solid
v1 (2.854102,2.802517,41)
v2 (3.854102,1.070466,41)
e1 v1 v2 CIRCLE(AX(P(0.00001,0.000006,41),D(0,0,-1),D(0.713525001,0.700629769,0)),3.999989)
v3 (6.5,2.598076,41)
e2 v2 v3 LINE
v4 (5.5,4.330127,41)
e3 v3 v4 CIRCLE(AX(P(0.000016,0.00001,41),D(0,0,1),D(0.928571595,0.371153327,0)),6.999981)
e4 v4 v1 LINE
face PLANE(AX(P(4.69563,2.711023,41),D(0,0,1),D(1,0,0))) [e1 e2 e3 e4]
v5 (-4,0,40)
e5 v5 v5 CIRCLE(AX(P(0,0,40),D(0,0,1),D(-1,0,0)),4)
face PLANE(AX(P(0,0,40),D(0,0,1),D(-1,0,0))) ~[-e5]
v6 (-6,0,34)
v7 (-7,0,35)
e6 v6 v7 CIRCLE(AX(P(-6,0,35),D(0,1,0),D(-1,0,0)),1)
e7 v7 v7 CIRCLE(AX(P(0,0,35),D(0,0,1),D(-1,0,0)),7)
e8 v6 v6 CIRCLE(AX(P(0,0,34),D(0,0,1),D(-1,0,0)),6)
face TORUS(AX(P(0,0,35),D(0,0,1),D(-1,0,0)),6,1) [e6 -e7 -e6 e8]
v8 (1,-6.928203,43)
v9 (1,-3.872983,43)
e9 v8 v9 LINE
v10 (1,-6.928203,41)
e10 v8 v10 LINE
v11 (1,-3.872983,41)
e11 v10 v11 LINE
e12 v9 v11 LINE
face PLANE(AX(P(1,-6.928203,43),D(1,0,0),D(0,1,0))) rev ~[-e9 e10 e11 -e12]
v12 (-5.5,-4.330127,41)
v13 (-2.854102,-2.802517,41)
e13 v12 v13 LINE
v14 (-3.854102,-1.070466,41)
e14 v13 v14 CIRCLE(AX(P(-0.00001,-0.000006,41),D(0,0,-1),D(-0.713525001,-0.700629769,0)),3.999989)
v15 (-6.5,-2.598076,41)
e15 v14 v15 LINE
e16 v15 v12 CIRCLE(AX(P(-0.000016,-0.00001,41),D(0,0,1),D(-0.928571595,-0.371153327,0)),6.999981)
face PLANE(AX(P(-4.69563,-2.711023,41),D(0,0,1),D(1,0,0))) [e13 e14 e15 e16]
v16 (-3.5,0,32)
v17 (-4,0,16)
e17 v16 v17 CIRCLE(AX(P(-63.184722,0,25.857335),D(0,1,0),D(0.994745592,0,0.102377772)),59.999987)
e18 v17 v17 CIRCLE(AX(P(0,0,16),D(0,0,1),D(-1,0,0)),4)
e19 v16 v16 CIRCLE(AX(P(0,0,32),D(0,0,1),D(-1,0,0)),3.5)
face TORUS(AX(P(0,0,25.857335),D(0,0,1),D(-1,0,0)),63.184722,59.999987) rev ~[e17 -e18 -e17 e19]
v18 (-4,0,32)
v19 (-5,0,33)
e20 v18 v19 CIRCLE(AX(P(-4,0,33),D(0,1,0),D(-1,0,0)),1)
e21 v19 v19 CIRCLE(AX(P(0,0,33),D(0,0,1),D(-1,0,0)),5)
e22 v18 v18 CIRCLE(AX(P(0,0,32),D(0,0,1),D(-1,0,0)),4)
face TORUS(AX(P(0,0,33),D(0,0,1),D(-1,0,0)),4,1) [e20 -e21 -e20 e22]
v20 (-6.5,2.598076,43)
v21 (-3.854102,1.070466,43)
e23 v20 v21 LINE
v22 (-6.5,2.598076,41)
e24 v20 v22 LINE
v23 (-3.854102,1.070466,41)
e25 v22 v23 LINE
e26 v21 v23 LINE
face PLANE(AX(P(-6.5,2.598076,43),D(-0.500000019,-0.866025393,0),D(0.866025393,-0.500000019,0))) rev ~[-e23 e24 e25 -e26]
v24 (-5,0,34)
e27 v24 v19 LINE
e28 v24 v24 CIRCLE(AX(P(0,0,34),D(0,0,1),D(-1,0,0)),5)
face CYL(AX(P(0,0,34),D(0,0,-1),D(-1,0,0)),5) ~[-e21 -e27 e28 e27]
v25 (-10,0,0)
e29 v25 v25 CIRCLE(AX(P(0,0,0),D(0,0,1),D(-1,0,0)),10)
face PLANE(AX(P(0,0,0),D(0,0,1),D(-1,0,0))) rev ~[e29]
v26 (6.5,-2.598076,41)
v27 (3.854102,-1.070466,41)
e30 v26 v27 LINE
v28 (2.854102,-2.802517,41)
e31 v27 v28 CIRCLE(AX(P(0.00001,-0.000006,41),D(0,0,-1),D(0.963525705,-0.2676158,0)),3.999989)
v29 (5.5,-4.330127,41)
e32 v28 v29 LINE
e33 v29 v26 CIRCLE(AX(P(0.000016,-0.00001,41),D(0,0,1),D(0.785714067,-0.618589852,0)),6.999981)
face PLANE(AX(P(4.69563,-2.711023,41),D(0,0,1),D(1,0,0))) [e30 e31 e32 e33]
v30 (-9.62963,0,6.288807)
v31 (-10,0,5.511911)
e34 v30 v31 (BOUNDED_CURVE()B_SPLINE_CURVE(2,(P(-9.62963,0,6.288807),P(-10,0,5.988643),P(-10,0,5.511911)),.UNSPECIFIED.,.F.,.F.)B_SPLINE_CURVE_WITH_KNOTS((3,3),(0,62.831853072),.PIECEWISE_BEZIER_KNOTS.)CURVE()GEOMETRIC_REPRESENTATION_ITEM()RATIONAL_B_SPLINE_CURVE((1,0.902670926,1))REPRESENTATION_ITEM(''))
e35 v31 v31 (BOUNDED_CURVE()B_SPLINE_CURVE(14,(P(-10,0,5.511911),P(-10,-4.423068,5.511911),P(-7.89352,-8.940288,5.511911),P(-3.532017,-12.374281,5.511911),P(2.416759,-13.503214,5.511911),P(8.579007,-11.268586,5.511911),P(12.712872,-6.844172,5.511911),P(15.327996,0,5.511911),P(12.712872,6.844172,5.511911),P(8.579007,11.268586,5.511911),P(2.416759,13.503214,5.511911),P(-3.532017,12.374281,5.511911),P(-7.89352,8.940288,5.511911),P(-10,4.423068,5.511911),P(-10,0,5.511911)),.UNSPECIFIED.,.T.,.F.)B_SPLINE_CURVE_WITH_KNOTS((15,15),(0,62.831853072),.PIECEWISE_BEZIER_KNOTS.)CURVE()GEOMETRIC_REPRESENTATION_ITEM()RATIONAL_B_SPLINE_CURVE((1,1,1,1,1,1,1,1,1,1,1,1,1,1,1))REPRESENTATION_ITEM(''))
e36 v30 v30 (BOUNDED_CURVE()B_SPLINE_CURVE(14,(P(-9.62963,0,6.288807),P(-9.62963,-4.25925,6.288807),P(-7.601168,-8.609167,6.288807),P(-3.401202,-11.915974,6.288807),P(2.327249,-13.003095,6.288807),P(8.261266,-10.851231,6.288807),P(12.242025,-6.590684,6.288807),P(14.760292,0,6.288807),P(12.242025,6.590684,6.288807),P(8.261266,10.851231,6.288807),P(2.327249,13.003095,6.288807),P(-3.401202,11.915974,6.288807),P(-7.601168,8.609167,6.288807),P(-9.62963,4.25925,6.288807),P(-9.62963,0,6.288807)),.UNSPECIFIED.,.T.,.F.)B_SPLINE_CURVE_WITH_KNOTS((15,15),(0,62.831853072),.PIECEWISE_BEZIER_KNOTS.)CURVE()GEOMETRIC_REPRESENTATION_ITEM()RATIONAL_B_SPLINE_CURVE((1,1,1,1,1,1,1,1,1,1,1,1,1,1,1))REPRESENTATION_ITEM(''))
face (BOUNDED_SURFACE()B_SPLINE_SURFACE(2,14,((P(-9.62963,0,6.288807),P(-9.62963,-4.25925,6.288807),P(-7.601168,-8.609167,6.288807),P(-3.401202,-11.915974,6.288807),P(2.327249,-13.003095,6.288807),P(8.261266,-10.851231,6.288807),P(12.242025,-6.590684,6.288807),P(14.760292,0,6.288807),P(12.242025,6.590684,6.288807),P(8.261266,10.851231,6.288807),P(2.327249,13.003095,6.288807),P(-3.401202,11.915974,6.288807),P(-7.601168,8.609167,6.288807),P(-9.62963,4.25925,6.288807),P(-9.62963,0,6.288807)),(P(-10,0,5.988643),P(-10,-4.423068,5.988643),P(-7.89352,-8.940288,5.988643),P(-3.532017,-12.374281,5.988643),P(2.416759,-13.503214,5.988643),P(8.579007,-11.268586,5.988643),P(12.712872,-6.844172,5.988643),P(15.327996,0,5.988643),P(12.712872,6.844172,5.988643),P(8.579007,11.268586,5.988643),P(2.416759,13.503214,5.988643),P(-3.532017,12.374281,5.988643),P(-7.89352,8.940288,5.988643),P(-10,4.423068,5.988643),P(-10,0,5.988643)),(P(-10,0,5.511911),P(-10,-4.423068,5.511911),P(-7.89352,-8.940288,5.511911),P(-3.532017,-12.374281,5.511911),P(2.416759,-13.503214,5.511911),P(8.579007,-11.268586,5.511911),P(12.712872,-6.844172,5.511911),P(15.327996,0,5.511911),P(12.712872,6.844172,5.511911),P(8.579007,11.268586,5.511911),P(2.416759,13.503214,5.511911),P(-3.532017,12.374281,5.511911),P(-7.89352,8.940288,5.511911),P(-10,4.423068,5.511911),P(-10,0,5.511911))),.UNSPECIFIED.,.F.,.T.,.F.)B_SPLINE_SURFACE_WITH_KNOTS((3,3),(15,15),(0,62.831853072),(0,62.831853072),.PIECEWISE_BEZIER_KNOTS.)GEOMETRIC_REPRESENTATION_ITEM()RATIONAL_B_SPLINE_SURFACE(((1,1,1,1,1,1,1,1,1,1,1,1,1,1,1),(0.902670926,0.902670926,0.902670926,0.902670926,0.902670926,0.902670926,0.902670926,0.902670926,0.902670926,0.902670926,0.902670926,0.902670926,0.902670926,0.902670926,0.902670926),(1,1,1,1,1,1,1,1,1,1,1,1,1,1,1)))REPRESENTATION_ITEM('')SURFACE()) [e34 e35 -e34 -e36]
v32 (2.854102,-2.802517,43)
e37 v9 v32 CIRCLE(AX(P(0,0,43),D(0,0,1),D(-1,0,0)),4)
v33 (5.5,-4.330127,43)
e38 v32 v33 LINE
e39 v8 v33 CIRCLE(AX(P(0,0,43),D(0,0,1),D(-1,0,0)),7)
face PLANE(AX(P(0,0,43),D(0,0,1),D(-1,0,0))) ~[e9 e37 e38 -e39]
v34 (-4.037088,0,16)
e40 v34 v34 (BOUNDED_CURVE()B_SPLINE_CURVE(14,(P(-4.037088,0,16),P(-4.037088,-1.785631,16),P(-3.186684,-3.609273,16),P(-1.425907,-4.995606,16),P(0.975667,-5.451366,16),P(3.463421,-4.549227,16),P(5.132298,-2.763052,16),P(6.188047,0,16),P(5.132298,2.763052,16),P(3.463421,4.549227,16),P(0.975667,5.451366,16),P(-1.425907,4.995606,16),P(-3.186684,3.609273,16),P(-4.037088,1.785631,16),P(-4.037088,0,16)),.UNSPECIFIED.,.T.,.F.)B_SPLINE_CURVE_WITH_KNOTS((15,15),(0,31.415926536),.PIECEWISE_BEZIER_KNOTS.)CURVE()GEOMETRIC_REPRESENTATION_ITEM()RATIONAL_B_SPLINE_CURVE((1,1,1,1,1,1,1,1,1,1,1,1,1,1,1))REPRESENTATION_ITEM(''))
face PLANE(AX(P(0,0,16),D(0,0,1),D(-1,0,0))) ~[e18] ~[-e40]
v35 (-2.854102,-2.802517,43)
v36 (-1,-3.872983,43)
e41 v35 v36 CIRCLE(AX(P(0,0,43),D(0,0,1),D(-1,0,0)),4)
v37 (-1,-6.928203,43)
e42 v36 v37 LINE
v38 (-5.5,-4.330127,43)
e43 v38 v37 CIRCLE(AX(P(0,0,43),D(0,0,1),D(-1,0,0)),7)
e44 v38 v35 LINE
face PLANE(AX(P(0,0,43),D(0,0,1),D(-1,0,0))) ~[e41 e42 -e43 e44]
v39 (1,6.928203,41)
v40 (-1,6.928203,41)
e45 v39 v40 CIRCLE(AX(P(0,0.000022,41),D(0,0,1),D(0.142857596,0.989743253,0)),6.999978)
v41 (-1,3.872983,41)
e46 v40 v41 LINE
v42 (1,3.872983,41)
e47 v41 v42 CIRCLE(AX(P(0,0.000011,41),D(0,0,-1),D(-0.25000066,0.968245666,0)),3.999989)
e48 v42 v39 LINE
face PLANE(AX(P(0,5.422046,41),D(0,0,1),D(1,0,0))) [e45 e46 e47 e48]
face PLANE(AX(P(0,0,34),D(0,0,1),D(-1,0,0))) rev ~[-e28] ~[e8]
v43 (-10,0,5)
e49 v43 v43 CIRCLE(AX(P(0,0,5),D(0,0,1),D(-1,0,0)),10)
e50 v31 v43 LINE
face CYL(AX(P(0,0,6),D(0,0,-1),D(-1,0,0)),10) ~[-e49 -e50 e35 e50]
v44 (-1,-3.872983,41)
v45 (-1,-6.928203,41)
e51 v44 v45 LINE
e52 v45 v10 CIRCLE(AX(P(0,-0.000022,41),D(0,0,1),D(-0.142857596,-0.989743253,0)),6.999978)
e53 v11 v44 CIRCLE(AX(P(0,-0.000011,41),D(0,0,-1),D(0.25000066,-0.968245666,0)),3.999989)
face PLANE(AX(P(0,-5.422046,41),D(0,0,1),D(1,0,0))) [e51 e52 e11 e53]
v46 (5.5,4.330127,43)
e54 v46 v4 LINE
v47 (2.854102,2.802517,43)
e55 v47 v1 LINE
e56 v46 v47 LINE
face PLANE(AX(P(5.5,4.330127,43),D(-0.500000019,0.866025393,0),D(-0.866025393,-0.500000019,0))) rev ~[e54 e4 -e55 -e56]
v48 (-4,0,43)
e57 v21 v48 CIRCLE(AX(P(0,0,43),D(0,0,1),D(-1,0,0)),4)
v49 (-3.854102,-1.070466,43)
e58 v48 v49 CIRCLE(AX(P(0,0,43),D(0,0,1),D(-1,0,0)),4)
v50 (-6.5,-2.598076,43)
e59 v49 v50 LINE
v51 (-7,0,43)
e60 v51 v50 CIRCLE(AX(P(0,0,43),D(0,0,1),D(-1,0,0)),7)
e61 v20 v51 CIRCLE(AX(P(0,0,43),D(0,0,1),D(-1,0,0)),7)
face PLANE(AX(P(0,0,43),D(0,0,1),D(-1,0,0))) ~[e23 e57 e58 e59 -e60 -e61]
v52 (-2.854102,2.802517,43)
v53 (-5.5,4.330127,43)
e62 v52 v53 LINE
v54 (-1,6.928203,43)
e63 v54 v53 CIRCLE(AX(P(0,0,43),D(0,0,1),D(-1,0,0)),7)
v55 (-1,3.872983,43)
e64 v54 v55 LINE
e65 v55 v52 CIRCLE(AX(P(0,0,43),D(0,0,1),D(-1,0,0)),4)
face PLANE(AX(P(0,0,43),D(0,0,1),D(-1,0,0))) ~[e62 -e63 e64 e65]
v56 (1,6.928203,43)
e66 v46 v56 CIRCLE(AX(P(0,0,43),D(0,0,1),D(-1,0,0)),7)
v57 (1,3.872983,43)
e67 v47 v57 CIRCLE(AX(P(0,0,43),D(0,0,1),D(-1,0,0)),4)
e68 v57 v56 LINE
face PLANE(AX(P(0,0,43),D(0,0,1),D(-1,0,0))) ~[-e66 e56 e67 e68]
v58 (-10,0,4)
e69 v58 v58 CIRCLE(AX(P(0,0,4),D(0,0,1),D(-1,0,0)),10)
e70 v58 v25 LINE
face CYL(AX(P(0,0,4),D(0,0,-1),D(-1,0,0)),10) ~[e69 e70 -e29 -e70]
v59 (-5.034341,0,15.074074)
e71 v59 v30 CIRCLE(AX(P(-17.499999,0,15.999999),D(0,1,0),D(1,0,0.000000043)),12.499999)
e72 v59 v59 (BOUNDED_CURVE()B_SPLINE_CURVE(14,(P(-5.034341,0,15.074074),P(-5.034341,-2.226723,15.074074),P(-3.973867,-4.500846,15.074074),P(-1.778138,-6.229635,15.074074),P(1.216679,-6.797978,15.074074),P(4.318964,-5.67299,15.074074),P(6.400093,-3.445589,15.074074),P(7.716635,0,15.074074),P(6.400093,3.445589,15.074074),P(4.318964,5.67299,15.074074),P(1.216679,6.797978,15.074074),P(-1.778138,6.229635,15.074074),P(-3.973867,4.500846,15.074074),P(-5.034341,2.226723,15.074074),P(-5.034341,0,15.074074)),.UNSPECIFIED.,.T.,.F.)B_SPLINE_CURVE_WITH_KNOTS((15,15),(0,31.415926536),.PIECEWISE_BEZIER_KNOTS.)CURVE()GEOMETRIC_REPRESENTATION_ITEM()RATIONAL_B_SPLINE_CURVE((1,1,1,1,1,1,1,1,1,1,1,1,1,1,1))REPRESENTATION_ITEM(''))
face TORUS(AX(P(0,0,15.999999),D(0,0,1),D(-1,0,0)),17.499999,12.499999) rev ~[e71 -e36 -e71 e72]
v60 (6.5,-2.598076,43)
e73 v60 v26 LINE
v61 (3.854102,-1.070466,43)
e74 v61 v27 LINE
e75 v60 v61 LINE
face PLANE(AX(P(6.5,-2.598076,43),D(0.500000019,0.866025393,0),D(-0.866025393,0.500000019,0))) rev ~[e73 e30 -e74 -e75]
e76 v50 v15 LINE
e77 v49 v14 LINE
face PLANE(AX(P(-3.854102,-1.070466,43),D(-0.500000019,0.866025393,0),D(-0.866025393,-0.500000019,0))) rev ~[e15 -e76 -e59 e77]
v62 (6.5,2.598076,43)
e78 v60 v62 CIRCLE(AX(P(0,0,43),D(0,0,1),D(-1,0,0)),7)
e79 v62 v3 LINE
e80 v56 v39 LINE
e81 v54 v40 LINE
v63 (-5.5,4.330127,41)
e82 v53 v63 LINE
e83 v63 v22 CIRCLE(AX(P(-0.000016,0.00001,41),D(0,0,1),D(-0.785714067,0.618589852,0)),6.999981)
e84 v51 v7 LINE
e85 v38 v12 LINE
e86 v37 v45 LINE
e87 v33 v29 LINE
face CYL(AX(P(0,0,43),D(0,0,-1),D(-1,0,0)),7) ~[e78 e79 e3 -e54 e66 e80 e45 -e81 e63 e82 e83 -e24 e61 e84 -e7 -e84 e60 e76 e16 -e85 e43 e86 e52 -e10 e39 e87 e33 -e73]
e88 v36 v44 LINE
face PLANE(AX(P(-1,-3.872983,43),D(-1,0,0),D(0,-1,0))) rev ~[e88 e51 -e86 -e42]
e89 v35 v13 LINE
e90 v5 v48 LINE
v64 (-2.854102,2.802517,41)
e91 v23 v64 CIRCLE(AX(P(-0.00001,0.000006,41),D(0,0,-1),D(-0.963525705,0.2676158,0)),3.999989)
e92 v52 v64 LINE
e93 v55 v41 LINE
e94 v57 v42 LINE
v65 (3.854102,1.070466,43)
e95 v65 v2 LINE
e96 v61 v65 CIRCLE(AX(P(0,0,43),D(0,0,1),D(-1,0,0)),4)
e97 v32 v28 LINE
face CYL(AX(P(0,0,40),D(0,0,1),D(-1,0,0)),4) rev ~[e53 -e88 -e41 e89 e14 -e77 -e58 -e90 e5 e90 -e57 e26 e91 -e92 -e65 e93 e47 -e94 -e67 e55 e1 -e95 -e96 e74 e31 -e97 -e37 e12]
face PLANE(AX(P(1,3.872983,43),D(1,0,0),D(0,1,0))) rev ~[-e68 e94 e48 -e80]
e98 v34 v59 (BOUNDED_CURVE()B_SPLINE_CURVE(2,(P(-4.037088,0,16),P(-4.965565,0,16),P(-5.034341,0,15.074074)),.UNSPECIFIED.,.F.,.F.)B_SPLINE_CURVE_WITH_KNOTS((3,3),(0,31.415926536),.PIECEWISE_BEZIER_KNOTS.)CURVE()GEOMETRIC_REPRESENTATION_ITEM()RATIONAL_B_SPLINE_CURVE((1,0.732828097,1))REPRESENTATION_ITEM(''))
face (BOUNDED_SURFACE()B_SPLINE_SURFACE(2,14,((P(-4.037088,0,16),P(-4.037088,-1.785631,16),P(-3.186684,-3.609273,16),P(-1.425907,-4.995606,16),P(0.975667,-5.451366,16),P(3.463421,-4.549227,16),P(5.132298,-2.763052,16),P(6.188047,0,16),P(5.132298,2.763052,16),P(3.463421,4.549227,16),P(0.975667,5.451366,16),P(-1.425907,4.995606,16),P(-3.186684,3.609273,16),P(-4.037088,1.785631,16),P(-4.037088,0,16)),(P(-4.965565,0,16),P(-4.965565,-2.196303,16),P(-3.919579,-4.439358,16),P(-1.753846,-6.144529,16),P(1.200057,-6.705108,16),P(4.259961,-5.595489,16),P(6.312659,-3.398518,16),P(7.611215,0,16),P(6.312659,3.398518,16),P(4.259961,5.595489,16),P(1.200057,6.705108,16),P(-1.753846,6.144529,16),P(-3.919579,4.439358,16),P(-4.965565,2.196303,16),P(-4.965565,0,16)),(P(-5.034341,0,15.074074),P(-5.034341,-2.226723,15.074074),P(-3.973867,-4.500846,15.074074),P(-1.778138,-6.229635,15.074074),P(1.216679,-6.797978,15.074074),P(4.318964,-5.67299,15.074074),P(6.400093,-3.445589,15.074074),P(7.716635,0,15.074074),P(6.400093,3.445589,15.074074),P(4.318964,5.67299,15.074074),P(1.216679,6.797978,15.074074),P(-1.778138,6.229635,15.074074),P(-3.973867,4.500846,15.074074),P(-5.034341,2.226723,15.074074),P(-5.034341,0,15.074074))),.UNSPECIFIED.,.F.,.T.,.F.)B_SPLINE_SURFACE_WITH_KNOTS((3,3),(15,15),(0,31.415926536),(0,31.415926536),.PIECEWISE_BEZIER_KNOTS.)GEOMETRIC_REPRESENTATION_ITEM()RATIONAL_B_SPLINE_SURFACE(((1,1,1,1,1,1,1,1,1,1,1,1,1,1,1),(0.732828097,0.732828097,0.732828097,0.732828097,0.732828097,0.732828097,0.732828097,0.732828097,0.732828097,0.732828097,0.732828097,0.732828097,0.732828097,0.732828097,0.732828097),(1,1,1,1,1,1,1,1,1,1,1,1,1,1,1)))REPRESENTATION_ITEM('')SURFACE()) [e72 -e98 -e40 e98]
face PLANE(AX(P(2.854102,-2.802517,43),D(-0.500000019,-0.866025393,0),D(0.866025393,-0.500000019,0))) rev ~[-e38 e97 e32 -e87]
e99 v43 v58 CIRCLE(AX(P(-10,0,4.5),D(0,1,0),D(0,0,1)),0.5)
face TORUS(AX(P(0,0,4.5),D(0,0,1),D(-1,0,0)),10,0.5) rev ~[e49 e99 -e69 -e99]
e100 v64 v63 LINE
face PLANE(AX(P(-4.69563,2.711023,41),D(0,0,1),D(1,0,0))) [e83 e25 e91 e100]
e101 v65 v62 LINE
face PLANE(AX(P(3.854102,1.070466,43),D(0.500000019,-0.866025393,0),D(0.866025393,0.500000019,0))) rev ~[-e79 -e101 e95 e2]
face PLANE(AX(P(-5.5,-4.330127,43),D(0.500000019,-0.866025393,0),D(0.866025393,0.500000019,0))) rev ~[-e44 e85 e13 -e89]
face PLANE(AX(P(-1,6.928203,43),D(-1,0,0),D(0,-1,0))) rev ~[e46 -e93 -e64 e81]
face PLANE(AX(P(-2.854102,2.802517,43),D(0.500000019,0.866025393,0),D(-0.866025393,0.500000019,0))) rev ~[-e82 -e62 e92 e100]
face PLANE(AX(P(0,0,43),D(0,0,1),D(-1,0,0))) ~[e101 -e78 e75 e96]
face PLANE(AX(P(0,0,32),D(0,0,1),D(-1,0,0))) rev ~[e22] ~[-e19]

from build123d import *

# Parameters (mm, degrees)
F2_R     = 1
F3_R     = 1
F5_DEPTH = 2
F6_DEPTH = 2


with BuildPart() as f1:
    # F0 (on Front) → F1 (revolve)
    with BuildSketch(Plane.XZ):
        with BuildLine():
            Line((-10, 0), (0, 0))
            Line((0, 0), (0, 40))
            Line((0, 40), (-4, 40))
            Line((-4, 40), (-4, 43))
            Line((-4, 43), (-7, 43))
            Line((-7, 43), (-7, 34))
            Line((-7, 34), (-5, 34))
            Line((-5, 34), (-5, 32))
            Line((-5, 32), (-3.5, 32))
            ThreePointArc((-3.5, 32), (-3.214011, 23.98325), (-4, 16))
            Line((-4, 16), (-5, 16))
            ThreePointArc((-5, 16), (-6.31966, 10.40983), (-10, 6))
            Line((-10, 6), (-10, 5))
            ThreePointArc((-10, 5), (-9.5, 4.5), (-10, 4))
            Line((-10, 4), (-10, 0))
        make_face()
    revolve(axis=Axis((0, 0, 27.062729), (0, 0, 1)))

    # F2
    f2_edges = [f1.edges().sort_by_distance(p)[0] for p in [
        (10, 0, 6),
        (5, 0, 16),
    ]]
    fillet(f2_edges, radius=F2_R)

    # F3
    f3_edges = [f1.edges().sort_by_distance(p)[0] for p in [
        (7, 0, 34),
        (5, 0, 32),
    ]]
    fillet(f3_edges, radius=F3_R)

    # F4 (on face) → F5 (cut)
    with BuildSketch(Plane.XY.offset(43)):
        with BuildLine():
            ThreePointArc((1, 6.928203), (0, 7), (-1, 6.928203))
            Line((-1, 6.928203), (-1, 3.872983))
            ThreePointArc((-1, 3.872983), (0, 4), (1, 3.872983))
            Line((1, 3.872983), (1, 6.928203))
        make_face()
    extrude(amount=-F5_DEPTH, mode=Mode.SUBTRACT)

    # F4 (on face) → F6 (cut)
    with BuildSketch(Plane.XY.offset(43)):
        with BuildLine():
            Line((-2.854102, 2.802517), (-5.5, 4.330127))
            ThreePointArc((-5.5, 4.330127), (-6.062178, 3.5), (-6.5, 2.598076))
            Line((-6.5, 2.598076), (-3.854102, 1.070466))
            ThreePointArc((-3.854102, 1.070466), (-3.464102, 2), (-2.854102, 2.802517))
        make_face()
        with BuildLine():
            Line((-3.854102, -1.070466), (-6.5, -2.598076))
            ThreePointArc((-6.5, -2.598076), (-6.062178, -3.5), (-5.5, -4.330127))
            Line((-5.5, -4.330127), (-2.854102, -2.802517))
            ThreePointArc((-2.854102, -2.802517), (-3.464102, -2), (-3.854102, -1.070466))
        make_face()
        with BuildLine():
            Line((-1, -3.872983), (-1, -6.928203))
            ThreePointArc((-1, -6.928203), (0, -7), (1, -6.928203))
            Line((1, -6.928203), (1, -3.872983))
            ThreePointArc((1, -3.872983), (0, -4), (-1, -3.872983))
        make_face()
        with BuildLine():
            ThreePointArc((5.5, -4.330127), (6.062178, -3.5), (6.5, -2.598076))
            Line((6.5, -2.598076), (3.854102, -1.070466))
            ThreePointArc((3.854102, -1.070466), (3.464102, -2), (2.854102, -2.802517))
            Line((2.854102, -2.802517), (5.5, -4.330127))
        make_face()
        with BuildLine():
            ThreePointArc((6.5, 2.598076), (6.062178, 3.5), (5.5, 4.330127))
            Line((5.5, 4.330127), (2.854102, 2.802517))
            ThreePointArc((2.854102, 2.802517), (3.464102, 2), (3.854102, 1.070466))
            Line((3.854102, 1.070466), (6.5, 2.598076))
        make_face()
    extrude(amount=-F6_DEPTH, mode=Mode.SUBTRACT)


solid = f1.part
